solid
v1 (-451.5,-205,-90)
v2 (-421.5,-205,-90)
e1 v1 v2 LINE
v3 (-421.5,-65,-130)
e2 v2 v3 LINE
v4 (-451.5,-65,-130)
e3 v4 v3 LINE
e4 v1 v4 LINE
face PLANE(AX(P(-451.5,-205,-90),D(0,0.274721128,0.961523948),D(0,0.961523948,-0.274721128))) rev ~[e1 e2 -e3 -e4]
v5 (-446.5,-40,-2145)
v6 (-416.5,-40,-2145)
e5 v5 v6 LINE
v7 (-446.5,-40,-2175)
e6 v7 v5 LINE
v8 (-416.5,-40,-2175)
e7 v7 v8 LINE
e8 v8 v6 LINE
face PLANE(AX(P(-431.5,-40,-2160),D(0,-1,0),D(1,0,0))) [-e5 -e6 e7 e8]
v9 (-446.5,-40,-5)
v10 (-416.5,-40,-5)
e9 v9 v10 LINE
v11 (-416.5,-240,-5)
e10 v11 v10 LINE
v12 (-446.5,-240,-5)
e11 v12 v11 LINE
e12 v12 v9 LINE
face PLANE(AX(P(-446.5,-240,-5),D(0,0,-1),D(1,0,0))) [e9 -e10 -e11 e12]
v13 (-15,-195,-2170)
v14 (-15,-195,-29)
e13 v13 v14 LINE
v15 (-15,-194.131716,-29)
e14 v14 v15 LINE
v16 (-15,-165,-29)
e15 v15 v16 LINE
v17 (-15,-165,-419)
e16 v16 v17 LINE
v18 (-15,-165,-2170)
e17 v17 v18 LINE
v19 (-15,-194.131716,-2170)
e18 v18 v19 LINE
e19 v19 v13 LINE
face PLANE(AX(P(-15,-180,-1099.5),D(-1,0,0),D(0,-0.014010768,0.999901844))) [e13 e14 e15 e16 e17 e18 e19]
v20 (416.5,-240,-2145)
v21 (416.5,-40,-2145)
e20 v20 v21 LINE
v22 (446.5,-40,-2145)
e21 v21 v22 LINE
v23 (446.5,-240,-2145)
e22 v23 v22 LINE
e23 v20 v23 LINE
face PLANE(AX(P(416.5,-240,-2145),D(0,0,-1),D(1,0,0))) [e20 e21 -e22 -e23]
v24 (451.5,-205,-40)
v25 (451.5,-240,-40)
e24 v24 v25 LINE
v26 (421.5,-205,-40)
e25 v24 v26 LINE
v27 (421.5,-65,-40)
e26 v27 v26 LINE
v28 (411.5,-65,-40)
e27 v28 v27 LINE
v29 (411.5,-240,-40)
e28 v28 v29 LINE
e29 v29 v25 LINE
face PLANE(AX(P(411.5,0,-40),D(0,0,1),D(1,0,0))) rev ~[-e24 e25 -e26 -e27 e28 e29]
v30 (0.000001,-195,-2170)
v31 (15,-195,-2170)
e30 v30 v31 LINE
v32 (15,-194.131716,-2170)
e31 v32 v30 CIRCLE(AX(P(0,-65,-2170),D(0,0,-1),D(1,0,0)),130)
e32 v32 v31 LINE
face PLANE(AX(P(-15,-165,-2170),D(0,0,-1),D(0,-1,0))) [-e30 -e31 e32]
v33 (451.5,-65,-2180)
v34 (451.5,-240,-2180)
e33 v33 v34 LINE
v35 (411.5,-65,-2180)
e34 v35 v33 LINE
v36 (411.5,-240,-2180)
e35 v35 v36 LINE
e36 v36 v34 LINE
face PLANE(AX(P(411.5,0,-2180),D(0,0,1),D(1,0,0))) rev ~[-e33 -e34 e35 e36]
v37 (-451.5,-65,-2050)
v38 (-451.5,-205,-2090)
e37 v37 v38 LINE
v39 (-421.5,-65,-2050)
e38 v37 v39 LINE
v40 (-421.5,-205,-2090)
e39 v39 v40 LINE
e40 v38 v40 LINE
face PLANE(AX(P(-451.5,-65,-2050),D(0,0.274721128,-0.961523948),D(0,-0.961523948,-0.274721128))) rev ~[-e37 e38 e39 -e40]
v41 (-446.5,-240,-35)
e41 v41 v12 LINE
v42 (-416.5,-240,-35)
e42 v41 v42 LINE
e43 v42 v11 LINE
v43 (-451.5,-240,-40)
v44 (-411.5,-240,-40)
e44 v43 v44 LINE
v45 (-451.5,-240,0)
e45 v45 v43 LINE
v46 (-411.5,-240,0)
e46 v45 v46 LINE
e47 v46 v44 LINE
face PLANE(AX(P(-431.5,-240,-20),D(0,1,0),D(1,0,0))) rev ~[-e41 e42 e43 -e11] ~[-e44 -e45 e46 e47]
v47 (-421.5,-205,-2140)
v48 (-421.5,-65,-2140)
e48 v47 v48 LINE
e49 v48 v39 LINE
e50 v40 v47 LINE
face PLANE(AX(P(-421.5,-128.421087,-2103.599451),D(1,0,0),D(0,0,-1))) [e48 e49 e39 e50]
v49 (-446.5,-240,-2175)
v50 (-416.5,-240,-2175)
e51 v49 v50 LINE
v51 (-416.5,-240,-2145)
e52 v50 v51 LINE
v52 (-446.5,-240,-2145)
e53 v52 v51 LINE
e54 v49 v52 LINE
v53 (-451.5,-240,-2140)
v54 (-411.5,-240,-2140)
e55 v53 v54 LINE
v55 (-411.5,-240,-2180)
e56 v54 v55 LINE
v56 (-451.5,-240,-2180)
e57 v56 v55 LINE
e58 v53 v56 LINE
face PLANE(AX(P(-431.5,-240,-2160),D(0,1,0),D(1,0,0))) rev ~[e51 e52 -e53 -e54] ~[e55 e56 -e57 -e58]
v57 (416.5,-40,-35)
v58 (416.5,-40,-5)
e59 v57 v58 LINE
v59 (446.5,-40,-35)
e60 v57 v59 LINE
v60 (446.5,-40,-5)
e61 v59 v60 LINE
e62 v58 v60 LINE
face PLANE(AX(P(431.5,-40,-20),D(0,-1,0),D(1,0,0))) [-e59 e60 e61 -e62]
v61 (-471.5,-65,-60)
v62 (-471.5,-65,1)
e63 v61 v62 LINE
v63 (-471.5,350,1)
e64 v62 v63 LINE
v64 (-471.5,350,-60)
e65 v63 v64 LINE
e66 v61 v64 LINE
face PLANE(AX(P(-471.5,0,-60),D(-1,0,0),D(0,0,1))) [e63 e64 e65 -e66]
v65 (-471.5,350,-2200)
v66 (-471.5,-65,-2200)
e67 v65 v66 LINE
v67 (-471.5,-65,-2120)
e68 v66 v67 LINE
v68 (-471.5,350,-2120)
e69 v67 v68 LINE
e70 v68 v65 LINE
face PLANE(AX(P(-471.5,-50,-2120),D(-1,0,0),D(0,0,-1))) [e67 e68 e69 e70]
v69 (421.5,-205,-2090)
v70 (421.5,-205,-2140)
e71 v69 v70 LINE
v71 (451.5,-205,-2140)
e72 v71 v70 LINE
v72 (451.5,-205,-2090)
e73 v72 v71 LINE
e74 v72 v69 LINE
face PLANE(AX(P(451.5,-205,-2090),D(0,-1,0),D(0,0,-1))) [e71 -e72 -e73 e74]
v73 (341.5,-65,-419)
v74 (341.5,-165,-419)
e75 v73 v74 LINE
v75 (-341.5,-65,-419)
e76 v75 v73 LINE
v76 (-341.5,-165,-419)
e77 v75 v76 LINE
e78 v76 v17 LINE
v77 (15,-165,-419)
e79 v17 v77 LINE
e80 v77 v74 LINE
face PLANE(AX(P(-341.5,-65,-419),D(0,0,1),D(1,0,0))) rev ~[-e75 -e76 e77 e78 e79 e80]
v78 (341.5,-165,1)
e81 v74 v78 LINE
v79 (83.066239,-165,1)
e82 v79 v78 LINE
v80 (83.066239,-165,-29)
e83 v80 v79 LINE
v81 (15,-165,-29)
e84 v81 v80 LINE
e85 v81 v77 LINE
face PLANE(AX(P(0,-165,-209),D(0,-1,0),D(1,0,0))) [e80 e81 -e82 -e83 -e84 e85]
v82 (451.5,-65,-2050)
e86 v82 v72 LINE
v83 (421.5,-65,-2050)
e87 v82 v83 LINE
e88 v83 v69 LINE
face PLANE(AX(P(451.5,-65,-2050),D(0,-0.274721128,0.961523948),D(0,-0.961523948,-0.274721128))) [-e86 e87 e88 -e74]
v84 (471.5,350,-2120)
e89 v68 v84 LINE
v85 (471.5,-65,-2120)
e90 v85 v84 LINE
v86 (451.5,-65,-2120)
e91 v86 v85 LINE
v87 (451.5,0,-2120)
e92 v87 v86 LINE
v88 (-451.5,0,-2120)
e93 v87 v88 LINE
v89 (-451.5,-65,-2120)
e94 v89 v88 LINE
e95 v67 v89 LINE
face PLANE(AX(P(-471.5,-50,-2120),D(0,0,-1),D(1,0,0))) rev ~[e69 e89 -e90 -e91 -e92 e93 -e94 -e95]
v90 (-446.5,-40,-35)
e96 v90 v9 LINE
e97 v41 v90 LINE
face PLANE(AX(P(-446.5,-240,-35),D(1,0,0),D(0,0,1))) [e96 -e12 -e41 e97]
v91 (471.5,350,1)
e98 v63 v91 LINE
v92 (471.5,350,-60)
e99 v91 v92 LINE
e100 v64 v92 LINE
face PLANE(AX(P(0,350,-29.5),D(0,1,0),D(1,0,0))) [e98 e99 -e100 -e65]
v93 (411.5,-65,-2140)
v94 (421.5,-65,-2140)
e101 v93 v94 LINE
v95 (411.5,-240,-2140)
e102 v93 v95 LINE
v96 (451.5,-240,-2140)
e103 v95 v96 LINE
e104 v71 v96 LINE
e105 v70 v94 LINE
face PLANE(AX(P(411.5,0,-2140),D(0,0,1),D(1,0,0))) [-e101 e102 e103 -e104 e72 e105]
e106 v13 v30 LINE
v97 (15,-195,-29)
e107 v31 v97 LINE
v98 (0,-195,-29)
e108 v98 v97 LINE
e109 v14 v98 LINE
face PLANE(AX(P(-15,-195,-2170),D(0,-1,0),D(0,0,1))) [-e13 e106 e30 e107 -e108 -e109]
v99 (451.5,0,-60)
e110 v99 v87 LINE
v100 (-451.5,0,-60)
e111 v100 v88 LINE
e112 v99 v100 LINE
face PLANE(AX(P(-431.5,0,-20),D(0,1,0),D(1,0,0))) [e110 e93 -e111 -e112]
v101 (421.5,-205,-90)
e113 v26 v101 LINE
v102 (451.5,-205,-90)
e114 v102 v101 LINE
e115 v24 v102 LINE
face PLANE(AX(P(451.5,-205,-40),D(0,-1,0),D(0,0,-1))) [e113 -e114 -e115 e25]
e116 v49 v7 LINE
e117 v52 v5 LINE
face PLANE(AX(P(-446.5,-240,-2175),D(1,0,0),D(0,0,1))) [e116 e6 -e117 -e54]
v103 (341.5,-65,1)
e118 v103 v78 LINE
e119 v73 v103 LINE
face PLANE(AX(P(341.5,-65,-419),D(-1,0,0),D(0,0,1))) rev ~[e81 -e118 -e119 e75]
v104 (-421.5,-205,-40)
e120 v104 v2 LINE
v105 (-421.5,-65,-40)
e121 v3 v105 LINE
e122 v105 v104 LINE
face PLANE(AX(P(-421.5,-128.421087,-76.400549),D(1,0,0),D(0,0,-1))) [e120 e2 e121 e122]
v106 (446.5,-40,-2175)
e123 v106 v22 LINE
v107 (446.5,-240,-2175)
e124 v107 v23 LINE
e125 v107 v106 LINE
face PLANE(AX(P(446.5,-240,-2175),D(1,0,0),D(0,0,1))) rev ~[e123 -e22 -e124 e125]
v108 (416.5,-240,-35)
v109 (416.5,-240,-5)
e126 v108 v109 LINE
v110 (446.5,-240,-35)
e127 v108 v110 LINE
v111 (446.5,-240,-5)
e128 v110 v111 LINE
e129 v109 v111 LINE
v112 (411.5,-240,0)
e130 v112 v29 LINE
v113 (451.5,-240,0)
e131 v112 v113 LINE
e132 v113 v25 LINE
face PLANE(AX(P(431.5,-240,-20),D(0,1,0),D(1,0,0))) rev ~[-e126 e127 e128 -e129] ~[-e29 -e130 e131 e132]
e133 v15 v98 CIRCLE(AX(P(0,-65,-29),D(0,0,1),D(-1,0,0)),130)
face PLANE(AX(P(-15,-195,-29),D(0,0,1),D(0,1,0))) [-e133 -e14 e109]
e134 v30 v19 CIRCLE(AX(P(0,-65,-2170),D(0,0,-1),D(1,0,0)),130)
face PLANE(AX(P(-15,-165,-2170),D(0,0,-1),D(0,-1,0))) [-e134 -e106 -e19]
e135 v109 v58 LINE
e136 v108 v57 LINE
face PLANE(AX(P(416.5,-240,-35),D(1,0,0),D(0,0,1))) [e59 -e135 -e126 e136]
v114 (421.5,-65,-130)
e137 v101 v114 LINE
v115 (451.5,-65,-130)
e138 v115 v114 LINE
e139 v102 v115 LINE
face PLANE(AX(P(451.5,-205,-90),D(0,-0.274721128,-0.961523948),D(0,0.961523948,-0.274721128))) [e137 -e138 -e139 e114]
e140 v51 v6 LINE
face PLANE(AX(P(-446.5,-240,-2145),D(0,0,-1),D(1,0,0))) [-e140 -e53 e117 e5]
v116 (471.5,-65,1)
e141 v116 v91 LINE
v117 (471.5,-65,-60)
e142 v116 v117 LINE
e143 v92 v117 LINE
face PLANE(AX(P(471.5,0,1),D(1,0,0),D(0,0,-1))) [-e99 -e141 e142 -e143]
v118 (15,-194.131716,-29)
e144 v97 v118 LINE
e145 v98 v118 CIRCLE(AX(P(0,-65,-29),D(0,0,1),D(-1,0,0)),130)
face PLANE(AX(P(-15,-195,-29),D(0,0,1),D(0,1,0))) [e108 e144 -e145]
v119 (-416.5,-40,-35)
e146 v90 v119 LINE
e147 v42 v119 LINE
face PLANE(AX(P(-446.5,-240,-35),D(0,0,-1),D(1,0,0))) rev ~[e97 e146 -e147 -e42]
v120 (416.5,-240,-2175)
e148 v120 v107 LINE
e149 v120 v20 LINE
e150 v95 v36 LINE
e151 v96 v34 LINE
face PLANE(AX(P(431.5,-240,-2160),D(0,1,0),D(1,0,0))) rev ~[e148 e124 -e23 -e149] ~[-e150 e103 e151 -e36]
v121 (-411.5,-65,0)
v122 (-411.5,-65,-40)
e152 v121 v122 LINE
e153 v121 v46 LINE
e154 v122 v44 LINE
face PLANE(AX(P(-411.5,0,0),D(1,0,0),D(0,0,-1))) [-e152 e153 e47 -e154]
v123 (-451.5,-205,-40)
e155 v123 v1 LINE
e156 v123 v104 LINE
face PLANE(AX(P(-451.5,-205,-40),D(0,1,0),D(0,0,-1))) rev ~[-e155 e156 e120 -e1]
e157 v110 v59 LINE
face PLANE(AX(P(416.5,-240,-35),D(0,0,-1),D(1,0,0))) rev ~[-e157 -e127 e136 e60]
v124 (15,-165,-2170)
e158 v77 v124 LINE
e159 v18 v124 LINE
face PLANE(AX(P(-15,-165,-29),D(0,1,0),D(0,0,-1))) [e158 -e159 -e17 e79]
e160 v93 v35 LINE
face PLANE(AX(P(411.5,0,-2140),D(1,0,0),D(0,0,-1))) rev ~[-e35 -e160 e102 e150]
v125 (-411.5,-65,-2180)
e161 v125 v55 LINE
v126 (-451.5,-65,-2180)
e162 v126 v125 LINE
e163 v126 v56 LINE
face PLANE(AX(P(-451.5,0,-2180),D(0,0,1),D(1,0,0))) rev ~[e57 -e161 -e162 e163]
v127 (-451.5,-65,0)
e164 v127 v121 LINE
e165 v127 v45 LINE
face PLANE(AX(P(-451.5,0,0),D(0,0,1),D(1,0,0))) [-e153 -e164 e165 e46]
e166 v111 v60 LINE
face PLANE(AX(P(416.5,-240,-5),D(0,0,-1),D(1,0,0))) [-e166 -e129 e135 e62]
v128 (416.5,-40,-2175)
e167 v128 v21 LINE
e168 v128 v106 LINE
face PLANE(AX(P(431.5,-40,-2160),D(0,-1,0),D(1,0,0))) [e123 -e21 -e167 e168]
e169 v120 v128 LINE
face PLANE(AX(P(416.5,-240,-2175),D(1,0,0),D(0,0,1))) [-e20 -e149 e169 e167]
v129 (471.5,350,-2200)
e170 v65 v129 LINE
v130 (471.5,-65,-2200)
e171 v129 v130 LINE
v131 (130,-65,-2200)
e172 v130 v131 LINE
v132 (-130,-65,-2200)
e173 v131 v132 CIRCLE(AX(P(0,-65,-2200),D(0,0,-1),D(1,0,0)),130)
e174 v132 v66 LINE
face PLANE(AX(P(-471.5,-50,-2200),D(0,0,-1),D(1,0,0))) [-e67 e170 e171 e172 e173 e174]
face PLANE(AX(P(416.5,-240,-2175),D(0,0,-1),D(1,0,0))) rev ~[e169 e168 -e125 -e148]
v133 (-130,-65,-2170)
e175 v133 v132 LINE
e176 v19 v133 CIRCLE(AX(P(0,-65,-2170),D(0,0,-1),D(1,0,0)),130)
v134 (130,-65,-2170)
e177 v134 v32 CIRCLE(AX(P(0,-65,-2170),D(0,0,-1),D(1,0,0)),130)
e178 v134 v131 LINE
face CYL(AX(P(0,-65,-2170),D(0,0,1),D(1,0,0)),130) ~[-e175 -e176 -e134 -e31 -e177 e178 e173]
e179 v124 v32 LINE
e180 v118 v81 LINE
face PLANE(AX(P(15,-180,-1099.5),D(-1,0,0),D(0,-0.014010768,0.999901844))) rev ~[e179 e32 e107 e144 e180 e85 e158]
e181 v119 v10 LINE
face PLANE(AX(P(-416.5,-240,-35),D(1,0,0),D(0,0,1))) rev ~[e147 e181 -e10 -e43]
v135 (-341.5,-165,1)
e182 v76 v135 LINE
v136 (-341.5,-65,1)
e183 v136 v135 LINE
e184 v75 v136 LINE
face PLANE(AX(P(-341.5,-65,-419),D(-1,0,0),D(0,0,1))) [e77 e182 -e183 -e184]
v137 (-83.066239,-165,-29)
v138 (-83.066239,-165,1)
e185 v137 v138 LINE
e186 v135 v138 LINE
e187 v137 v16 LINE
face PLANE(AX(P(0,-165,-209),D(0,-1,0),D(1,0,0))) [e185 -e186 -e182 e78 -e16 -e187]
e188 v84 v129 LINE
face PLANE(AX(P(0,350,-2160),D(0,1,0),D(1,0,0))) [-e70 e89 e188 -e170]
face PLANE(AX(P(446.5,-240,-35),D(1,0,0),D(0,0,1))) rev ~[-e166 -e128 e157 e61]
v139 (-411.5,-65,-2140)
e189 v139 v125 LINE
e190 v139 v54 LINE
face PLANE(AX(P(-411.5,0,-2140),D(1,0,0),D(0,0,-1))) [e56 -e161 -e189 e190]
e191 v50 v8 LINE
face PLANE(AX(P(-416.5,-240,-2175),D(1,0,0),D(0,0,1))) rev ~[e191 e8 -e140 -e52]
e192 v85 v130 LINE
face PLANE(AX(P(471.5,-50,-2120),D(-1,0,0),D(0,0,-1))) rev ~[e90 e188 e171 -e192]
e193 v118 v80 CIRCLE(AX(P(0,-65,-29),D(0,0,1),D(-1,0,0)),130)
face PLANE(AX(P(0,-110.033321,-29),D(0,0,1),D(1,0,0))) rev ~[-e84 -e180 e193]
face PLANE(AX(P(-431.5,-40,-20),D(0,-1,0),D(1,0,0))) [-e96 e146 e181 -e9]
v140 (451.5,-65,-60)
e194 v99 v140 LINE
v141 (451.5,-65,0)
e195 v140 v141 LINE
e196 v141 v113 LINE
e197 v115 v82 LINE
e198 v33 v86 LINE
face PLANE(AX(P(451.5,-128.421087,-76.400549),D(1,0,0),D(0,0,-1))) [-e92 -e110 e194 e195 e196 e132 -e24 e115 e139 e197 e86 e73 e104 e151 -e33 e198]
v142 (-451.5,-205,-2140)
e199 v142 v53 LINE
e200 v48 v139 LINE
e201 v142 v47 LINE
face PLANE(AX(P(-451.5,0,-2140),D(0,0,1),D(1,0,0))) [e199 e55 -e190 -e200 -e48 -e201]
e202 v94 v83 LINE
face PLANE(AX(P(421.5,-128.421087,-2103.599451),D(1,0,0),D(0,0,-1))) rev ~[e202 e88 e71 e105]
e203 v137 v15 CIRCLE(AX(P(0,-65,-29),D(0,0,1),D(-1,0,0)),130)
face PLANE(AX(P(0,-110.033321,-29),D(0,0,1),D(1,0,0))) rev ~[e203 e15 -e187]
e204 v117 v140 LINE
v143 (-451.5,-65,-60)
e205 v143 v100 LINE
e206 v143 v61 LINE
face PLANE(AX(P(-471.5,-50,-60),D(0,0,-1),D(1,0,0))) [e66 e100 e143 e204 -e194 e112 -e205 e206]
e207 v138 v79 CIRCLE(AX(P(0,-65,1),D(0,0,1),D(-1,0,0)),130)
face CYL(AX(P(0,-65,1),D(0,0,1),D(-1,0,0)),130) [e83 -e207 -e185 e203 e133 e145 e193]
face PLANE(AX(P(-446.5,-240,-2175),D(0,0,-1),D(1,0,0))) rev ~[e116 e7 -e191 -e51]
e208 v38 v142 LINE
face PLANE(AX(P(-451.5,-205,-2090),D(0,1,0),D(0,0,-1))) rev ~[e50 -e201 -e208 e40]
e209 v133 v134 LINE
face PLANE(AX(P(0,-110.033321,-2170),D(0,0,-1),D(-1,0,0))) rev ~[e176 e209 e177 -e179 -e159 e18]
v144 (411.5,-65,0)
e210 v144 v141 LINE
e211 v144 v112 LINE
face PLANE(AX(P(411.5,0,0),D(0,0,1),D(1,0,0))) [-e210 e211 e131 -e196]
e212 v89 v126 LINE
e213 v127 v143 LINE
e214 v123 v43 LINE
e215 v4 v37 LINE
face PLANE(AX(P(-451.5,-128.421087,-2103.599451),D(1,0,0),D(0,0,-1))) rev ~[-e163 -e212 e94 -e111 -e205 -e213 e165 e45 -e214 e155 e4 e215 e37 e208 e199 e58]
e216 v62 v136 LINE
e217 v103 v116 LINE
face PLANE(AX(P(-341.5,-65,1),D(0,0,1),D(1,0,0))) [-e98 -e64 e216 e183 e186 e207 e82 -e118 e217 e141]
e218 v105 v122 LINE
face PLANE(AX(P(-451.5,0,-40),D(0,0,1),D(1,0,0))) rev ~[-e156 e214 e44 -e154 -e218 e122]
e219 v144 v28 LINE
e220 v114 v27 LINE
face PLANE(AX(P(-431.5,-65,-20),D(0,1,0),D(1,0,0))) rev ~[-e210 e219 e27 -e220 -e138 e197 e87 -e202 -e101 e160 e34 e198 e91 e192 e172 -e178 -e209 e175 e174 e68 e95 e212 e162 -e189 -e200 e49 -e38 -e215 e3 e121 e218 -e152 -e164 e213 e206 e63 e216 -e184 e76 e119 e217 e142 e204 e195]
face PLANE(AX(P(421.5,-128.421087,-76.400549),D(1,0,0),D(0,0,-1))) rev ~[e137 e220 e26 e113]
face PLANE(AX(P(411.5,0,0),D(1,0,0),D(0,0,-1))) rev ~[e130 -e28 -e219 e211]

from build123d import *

# Parameters (mm, degrees)
BOSS_EXTRUDE1_DEPTH      = 65
BOSS_EXTRUDE2_DEPTH      = 350
BOSS_EXTRUDE2_DEPTH_BACK = 50
SKETCH1_3_W              = 943
SKETCH1_3_H              = 80
SKETCH1_3_H_2            = 61
SKETCH1_4_W              = 40
SKETCH1_4_H              = 40
BOSS_EXTRUDE3_DEPTH      = 240
BOSS_EXTRUDE4_DEPTH      = 30
BOSS_EXTRUDE5_DEPTH      = 30
SKETCH5_W                = 30
SKETCH5_H                = 30
CUT_EXTRUDE1_DEPTH       = 200
BOSS_EXTRUDE6_DEPTH      = 30
BOSS_EXTRUDE7_START      = -30
BOSS_EXTRUDE7_DEPTH      = 30
BOSS_EXTRUDE8_DEPTH      = 15
BOSS_EXTRUDE8_DEPTH_BACK = 15
SKETCH8_W                = 683
SKETCH8_H                = 420
BOSS_EXTRUDE9_DEPTH      = 100


with BuildPart() as part:
    # Sketch1 → Boss-Extrude1 (new body)
    with BuildSketch(Plane(origin=(0, 0, 0), x_dir=(1, 0, 0), z_dir=(0, 1, 0))):
        Polygon((-451.5, 60), (-471.5, 60), (-471.5, -1), (471.5, -1), (471.5, 60), (451.5, 60), (451.5, 2120), (471.5, 2120), (471.5, 2200), (-471.5, 2200), (-471.5, 2120), (-451.5, 2120), align=None)
    extrude(amount=-BOSS_EXTRUDE1_DEPTH)

    # Sketch1<3> → Boss-Extrude2 (add, two sides: drawn at the far end of the back side and taken through both)
    with BuildSketch(Plane(origin=(0, 0, 0), x_dir=(1, 0, 0), z_dir=(0, 1, 0)).offset(-BOSS_EXTRUDE2_DEPTH_BACK)):
        with Locations((0, 2160)):
            Rectangle(SKETCH1_3_W, SKETCH1_3_H)
        with Locations((0, 29.5)):
            Rectangle(SKETCH1_3_W, SKETCH1_3_H_2)
    extrude(amount=BOSS_EXTRUDE2_DEPTH + BOSS_EXTRUDE2_DEPTH_BACK)

    # Sketch1<4> → Boss-Extrude3 (add)
    with BuildSketch(Plane(origin=(0, 0, 0), x_dir=(1, 0, 0), z_dir=(0, 1, 0))):
        with Locations((-431.5, 20)):
            Rectangle(SKETCH1_4_W, SKETCH1_4_H)
        with Locations((431.5, 20)):
            Rectangle(SKETCH1_4_W, SKETCH1_4_H)
        with Locations((-431.5, 2160)):
            Rectangle(SKETCH1_4_W, SKETCH1_4_H)
        with Locations((431.5, 2160)):
            Rectangle(SKETCH1_4_W, SKETCH1_4_H)
    extrude(amount=-BOSS_EXTRUDE3_DEPTH)

    # Sketch3 → Boss-Extrude4 (add)
    with BuildSketch(Plane(origin=(451.5, 0, 0), x_dir=(0, 0, -1), z_dir=(1, 0, 0))):
        Polygon((40, -65), (40, -205), (90, -205), (130, -65), align=None)
        Polygon((2140, -65), (2050, -65), (2090, -205), (2140, -205), align=None)
    extrude(amount=-BOSS_EXTRUDE4_DEPTH)

    # Sketch4 → Boss-Extrude5 (add)
    with BuildSketch(Plane(origin=(-451.5, 0, -45.75), x_dir=(0, 0, -1), z_dir=(1, 0, 0))):
        Polygon((2044.25, -205), (2094.25, -205), (2094.25, -65), (2004.25, -65), align=None)
        Polygon((44.25, -205), (84.25, -65), (-5.75, -65), (-5.75, -205), align=None)
    extrude(amount=BOSS_EXTRUDE5_DEPTH)

    # Sketch5 → Cut-Extrude1 (cut)
    with BuildSketch(Plane.XZ.offset(240)):
        with Locations((-431.5, -2160)):
            Rectangle(SKETCH5_W, SKETCH5_H)
        with Locations((431.5, -2160)):
            Rectangle(SKETCH5_W, SKETCH5_H)
        with Locations((431.5, -20)):
            Rectangle(SKETCH5_W, SKETCH5_H)
        with Locations((-431.5, -20)):
            Rectangle(SKETCH5_W, SKETCH5_H)
    extrude(amount=-CUT_EXTRUDE1_DEPTH, mode=Mode.SUBTRACT)

    # Sketch6 → Boss-Extrude6 (add)
    with BuildSketch(Plane.XY.offset(1)):
        with BuildLine():
            Line((130, -65), (-130, -65))
            ThreePointArc((-130, -65), (0, -195), (130, -65))
        make_face()
    extrude(amount=-BOSS_EXTRUDE6_DEPTH)

    # Sketch7 → Boss-Extrude7 (add)
    with BuildSketch(Plane(origin=(0, 0, -2200), x_dir=(-1, 0, 0), z_dir=(0, 0, -1)).offset(BOSS_EXTRUDE7_START)):
        with BuildLine():
            Line((130, -65), (-130, -65))
            ThreePointArc((-130, -65), (0, -195), (130, -65))
        make_face()
    extrude(amount=BOSS_EXTRUDE7_DEPTH)

    # 3DSketch1 → Boss-Extrude8 (add, two sides: drawn at the far end of the back side and taken through both)
    with BuildSketch(Plane(origin=(0, -195, -29), x_dir=(0, 0.014010768487145287, -0.9999018443659355), z_dir=(1, 0, 0)).offset(-BOSS_EXTRUDE8_DEPTH_BACK)):
        Polygon((0, 0), (0.420323055, 29.997055331), (2141.210171842, 0), (2140.789848787, -29.997055331), align=None)
    extrude(amount=BOSS_EXTRUDE8_DEPTH + BOSS_EXTRUDE8_DEPTH_BACK)

    # Sketch8 → Boss-Extrude9 (add)
    with BuildSketch(Plane.XZ.offset(65)):
        with Locations((0, -209)):
            Rectangle(SKETCH8_W, SKETCH8_H)
    extrude(amount=BOSS_EXTRUDE9_DEPTH)


solid = part.part
